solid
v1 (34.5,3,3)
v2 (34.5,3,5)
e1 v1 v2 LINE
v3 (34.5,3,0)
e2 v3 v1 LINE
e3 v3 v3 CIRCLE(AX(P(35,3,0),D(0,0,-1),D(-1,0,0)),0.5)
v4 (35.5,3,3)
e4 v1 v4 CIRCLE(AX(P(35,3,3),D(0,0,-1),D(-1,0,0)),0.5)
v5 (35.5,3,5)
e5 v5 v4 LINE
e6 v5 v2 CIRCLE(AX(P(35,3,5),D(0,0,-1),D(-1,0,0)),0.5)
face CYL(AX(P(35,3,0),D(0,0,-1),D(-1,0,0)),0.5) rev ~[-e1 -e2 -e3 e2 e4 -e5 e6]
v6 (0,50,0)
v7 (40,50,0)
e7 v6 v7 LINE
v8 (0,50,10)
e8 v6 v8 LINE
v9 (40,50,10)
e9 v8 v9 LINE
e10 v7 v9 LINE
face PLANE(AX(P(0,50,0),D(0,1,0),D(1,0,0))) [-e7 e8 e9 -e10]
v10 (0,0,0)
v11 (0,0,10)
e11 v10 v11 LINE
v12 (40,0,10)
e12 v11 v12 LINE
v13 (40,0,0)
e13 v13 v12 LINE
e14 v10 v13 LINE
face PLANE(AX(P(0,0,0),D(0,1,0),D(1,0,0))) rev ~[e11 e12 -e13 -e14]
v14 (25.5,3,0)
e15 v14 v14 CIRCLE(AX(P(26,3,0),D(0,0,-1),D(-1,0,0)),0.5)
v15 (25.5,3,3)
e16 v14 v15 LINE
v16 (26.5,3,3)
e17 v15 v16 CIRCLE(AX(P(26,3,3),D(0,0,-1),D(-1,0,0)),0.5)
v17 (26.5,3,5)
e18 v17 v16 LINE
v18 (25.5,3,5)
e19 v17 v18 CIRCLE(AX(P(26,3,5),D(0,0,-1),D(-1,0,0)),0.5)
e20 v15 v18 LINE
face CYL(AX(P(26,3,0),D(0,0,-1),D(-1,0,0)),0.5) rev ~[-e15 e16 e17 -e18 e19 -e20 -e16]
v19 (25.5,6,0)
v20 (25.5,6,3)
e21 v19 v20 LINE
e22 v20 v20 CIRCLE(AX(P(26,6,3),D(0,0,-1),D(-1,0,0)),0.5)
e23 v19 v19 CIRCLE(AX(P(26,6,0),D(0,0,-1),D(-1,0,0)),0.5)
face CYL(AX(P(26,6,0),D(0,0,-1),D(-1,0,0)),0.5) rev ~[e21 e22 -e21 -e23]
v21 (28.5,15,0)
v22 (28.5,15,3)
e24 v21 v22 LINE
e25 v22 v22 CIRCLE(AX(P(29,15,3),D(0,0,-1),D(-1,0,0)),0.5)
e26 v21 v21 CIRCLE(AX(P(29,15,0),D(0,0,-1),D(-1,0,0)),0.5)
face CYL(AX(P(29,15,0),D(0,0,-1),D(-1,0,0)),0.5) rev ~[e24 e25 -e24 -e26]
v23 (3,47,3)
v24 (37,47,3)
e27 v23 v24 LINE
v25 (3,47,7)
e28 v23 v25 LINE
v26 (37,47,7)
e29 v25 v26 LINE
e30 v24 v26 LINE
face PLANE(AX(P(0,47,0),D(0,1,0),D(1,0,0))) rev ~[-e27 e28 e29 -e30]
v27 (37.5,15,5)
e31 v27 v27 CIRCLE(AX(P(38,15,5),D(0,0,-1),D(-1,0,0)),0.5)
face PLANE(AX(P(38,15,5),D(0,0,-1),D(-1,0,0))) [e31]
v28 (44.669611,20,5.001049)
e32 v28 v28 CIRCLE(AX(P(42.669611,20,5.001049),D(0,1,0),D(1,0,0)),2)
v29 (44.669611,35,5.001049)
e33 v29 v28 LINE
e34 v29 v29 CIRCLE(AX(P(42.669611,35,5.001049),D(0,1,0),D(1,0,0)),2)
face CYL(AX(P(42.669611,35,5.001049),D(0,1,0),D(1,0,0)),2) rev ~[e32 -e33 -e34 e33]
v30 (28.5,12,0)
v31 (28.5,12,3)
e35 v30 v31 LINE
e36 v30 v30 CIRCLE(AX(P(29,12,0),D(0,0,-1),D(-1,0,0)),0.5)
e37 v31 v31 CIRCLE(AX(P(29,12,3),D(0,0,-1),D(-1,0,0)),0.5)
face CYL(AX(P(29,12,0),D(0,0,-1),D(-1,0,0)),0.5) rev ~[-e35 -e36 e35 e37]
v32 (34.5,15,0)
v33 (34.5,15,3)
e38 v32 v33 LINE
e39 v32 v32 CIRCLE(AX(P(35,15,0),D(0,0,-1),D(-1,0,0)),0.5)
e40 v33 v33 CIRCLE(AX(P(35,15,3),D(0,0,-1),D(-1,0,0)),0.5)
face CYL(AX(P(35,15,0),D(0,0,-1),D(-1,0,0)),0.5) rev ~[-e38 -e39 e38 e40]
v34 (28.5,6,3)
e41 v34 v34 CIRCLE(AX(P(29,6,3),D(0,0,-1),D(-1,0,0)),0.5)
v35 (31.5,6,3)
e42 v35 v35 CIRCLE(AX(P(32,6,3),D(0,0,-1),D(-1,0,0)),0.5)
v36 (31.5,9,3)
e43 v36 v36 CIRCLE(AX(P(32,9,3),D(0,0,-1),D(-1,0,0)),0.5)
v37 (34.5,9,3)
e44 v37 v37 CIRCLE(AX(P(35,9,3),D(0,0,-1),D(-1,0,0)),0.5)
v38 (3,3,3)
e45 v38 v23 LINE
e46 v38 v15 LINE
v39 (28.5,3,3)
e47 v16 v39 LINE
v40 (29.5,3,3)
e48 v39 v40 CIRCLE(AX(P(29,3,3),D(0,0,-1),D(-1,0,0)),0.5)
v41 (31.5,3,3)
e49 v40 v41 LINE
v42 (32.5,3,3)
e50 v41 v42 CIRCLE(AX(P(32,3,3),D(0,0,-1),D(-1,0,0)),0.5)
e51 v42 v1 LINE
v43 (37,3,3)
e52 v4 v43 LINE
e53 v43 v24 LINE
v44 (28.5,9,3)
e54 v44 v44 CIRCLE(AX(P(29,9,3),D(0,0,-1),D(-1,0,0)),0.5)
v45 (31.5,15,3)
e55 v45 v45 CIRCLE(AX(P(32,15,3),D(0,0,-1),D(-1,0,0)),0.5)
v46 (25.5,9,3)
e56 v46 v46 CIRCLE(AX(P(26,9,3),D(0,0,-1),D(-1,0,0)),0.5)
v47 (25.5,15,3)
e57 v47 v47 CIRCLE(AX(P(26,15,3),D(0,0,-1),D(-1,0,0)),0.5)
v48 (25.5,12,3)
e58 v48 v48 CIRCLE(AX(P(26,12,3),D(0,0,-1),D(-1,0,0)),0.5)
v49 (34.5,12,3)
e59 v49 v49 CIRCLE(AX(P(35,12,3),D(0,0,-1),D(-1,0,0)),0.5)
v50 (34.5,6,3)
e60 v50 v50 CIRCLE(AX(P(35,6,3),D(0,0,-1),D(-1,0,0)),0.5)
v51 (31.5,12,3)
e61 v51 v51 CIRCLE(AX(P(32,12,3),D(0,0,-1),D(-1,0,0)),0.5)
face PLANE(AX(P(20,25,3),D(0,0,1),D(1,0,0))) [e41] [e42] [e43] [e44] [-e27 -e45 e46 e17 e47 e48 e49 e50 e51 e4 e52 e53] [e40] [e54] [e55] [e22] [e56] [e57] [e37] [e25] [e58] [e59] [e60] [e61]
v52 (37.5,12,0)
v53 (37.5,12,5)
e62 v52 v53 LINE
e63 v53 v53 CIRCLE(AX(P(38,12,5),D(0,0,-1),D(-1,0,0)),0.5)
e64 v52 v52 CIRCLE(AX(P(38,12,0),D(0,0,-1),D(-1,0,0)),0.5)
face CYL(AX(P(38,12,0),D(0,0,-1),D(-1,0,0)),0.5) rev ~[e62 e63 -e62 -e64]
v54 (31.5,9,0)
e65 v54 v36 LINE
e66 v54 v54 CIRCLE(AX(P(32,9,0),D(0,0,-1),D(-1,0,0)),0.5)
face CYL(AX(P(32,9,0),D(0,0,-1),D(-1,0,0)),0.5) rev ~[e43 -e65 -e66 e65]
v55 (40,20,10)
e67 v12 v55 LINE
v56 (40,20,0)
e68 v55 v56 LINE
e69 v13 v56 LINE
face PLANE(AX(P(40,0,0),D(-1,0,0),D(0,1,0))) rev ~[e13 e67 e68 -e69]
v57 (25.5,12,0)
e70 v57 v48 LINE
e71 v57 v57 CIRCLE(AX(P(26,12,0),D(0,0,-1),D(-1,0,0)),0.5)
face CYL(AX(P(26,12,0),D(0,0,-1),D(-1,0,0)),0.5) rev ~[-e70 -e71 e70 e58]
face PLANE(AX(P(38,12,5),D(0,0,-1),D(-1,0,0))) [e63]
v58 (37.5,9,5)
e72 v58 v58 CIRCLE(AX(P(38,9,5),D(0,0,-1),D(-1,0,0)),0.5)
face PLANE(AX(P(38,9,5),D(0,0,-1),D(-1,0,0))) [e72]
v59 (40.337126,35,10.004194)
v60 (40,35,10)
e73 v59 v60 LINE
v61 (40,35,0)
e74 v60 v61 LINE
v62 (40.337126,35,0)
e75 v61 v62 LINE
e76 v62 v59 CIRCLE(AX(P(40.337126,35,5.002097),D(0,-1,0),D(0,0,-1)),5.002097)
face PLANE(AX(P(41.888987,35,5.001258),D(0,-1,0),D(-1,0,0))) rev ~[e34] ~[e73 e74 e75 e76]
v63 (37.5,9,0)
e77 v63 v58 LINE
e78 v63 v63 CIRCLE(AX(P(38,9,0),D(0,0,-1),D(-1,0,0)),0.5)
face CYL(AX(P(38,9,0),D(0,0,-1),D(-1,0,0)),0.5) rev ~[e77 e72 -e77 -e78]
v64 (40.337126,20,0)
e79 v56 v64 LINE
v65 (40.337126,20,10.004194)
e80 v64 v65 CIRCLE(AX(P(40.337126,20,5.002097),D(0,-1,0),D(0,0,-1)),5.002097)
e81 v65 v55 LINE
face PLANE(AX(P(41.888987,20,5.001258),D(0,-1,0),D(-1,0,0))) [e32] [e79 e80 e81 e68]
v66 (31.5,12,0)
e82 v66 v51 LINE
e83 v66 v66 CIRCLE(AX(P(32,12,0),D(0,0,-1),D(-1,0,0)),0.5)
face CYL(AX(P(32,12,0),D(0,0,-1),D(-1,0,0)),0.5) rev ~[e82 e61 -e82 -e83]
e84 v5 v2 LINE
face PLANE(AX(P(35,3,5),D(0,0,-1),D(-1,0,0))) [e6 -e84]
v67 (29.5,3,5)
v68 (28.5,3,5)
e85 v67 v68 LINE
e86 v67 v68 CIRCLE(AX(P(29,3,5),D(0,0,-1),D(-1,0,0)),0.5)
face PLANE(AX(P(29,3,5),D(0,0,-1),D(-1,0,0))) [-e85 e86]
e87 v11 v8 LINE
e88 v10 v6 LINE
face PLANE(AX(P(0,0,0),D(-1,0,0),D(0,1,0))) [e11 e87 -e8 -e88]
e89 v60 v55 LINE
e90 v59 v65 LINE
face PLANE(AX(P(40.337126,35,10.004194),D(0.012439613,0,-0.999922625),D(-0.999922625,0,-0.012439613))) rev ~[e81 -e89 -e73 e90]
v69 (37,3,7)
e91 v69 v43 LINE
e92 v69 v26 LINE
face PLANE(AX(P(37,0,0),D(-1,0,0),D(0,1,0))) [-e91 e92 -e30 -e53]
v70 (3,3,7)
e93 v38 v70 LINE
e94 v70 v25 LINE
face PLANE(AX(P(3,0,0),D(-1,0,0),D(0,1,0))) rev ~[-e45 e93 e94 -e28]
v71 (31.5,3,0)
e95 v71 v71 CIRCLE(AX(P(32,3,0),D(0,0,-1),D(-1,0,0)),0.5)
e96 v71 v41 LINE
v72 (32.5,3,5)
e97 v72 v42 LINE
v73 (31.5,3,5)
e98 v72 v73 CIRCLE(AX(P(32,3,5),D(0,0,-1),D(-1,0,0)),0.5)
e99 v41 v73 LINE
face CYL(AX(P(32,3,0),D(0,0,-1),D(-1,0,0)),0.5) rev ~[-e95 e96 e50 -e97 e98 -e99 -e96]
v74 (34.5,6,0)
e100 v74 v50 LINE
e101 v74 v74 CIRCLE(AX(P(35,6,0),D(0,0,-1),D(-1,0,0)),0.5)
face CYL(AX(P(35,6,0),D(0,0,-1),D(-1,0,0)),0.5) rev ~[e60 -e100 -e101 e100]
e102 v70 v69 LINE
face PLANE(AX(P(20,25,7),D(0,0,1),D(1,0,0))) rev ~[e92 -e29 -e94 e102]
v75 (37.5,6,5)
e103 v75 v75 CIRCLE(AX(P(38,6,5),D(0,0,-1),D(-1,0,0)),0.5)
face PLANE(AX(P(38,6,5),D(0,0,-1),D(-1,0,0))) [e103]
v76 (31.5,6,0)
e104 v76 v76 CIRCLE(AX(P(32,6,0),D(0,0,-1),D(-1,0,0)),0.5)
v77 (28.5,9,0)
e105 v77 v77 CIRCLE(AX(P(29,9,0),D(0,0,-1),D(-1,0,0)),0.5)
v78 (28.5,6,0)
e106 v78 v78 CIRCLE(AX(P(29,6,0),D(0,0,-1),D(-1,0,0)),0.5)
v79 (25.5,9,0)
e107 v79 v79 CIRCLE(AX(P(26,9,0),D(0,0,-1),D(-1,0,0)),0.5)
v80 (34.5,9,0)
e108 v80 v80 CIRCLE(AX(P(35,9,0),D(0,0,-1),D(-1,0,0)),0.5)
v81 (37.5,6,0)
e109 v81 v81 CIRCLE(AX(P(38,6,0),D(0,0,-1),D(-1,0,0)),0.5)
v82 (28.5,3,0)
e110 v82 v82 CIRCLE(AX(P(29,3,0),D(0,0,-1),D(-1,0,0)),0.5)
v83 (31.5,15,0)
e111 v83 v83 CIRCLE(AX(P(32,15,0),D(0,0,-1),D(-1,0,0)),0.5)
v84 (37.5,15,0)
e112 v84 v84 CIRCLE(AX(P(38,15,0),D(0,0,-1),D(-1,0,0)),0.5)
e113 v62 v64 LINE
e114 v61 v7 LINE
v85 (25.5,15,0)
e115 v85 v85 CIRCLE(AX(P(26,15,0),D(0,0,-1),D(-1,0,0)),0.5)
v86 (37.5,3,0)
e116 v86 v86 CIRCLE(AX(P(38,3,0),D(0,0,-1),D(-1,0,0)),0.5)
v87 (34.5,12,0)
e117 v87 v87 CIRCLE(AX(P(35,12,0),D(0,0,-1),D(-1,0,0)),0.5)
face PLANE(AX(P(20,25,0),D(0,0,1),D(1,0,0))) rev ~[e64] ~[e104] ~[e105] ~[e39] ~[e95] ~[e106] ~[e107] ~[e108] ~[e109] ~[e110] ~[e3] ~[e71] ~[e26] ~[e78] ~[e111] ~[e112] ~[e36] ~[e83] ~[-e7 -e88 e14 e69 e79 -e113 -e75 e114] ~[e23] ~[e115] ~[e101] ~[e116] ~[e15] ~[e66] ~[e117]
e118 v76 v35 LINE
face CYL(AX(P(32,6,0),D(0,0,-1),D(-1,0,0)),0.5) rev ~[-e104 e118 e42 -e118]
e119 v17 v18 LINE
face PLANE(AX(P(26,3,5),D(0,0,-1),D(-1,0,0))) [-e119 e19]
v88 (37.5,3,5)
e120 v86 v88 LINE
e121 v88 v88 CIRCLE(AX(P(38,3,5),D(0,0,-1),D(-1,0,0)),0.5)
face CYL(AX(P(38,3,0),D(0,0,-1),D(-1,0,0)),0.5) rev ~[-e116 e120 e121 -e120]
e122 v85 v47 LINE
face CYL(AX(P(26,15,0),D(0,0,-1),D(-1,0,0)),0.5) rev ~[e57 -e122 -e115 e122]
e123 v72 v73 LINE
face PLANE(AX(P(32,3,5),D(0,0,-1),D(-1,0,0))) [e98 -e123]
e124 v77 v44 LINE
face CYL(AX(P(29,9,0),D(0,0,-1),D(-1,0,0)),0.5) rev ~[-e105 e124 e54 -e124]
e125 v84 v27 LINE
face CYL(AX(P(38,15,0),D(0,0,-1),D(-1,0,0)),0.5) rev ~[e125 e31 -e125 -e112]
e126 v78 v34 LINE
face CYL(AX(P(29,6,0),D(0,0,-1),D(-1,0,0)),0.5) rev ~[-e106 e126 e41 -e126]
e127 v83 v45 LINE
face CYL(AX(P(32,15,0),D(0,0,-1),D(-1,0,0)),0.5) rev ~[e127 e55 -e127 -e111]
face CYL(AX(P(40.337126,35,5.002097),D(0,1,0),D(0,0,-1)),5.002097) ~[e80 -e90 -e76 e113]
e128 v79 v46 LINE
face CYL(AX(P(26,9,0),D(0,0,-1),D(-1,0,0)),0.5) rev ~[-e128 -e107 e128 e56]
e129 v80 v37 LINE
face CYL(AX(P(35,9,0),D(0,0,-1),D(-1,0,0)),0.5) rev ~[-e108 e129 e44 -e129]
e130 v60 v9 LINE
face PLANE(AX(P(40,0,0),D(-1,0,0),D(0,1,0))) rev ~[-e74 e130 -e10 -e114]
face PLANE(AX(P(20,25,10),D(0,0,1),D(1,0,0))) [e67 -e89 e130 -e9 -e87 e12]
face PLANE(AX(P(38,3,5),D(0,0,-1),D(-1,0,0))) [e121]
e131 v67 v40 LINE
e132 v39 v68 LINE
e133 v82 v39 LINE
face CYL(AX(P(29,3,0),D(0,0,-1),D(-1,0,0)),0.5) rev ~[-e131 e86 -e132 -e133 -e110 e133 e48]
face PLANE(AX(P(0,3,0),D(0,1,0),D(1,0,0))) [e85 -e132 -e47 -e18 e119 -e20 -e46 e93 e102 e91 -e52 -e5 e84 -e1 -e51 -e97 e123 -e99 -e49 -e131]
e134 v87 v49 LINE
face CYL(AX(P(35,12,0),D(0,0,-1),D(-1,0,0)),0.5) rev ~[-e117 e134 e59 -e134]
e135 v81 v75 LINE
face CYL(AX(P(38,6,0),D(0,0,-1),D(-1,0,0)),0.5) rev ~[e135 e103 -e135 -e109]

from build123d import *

# Parameters (mm, degrees)
SKETCH1_W           = 40
SKETCH1_H           = 50
BOSS_EXTRUDE1_DEPTH = 10
SHELL4_T            = 3
BOSS_EXTRUDE4_START = -15
SKETCH4_R           = 2
BOSS_EXTRUDE4_DEPTH = 15
SKETCH9_R           = 0.5
CUT_EXTRUDE2_DEPTH  = 5


with BuildPart() as part:
    # Sketch1 → Boss-Extrude1 (new body)
    with BuildSketch(Plane.XY):
        with Locations((20, 25)):
            Rectangle(SKETCH1_W, SKETCH1_H)
    extrude(amount=BOSS_EXTRUDE1_DEPTH)

    # Shell4 (no face opened: a closed hollow body)
    add(offset(amount=-SHELL4_T, mode=Mode.PRIVATE), mode=Mode.SUBTRACT)

    # Sketch4 → Boss-Extrude4 (add)
    with BuildSketch(Plane(origin=(0, 50, 0), x_dir=(1, 0, 0), z_dir=(0, 1, 0)).offset(BOSS_EXTRUDE4_START)):
        with BuildLine():
            Line((40, 0), (40.33712564, 0))
            ThreePointArc((40.33712564, 0), (45.339222659, -5.002097019), (40.33712564, -10.004194037))
            Line((40.33712564, -10.004194037), (40, -10))
            Line((40, -10), (40, 0))
        make_face()
        with Locations((42.669611329, -5.001048509)):
            Circle(SKETCH4_R, mode=Mode.SUBTRACT)
    extrude(amount=-BOSS_EXTRUDE4_DEPTH)

    # Sketch9 → Cut-Extrude2 (cut)
    with BuildSketch(Plane(origin=(0, 0, 0), x_dir=(-1, 0, 0), z_dir=(0, 0, -1))):
        with Locations((-38, 15)):
            Circle(SKETCH9_R)
        with Locations((-35, 15)):
            Circle(SKETCH9_R)
        with Locations((-32, 15)):
            Circle(SKETCH9_R)
        with Locations((-29, 15)):
            Circle(SKETCH9_R)
        with Locations((-26, 15)):
            Circle(SKETCH9_R)
        with Locations((-35, 12)):
            Circle(SKETCH9_R)
        with Locations((-32, 12)):
            Circle(SKETCH9_R)
        with Locations((-29, 12)):
            Circle(SKETCH9_R)
        with Locations((-26, 12)):
            Circle(SKETCH9_R)
        with Locations((-35, 9)):
            Circle(SKETCH9_R)
        with Locations((-32, 9)):
            Circle(SKETCH9_R)
        with Locations((-29, 9)):
            Circle(SKETCH9_R)
        with Locations((-26, 9)):
            Circle(SKETCH9_R)
        with Locations((-35, 6)):
            Circle(SKETCH9_R)
        with Locations((-32, 6)):
            Circle(SKETCH9_R)
        with Locations((-29, 6)):
            Circle(SKETCH9_R)
        with Locations((-26, 6)):
            Circle(SKETCH9_R)
        with Locations((-35, 3)):
            Circle(SKETCH9_R)
        with Locations((-32, 3)):
            Circle(SKETCH9_R)
        with Locations((-29, 3)):
            Circle(SKETCH9_R)
        with Locations((-26, 3)):
            Circle(SKETCH9_R)
        with Locations((-38, 12)):
            Circle(SKETCH9_R)
        with Locations((-38, 9)):
            Circle(SKETCH9_R)
        with Locations((-38, 6)):
            Circle(SKETCH9_R)
        with Locations((-38, 3)):
            Circle(SKETCH9_R)
    extrude(amount=-CUT_EXTRUDE2_DEPTH, mode=Mode.SUBTRACT)


solid = part.part
